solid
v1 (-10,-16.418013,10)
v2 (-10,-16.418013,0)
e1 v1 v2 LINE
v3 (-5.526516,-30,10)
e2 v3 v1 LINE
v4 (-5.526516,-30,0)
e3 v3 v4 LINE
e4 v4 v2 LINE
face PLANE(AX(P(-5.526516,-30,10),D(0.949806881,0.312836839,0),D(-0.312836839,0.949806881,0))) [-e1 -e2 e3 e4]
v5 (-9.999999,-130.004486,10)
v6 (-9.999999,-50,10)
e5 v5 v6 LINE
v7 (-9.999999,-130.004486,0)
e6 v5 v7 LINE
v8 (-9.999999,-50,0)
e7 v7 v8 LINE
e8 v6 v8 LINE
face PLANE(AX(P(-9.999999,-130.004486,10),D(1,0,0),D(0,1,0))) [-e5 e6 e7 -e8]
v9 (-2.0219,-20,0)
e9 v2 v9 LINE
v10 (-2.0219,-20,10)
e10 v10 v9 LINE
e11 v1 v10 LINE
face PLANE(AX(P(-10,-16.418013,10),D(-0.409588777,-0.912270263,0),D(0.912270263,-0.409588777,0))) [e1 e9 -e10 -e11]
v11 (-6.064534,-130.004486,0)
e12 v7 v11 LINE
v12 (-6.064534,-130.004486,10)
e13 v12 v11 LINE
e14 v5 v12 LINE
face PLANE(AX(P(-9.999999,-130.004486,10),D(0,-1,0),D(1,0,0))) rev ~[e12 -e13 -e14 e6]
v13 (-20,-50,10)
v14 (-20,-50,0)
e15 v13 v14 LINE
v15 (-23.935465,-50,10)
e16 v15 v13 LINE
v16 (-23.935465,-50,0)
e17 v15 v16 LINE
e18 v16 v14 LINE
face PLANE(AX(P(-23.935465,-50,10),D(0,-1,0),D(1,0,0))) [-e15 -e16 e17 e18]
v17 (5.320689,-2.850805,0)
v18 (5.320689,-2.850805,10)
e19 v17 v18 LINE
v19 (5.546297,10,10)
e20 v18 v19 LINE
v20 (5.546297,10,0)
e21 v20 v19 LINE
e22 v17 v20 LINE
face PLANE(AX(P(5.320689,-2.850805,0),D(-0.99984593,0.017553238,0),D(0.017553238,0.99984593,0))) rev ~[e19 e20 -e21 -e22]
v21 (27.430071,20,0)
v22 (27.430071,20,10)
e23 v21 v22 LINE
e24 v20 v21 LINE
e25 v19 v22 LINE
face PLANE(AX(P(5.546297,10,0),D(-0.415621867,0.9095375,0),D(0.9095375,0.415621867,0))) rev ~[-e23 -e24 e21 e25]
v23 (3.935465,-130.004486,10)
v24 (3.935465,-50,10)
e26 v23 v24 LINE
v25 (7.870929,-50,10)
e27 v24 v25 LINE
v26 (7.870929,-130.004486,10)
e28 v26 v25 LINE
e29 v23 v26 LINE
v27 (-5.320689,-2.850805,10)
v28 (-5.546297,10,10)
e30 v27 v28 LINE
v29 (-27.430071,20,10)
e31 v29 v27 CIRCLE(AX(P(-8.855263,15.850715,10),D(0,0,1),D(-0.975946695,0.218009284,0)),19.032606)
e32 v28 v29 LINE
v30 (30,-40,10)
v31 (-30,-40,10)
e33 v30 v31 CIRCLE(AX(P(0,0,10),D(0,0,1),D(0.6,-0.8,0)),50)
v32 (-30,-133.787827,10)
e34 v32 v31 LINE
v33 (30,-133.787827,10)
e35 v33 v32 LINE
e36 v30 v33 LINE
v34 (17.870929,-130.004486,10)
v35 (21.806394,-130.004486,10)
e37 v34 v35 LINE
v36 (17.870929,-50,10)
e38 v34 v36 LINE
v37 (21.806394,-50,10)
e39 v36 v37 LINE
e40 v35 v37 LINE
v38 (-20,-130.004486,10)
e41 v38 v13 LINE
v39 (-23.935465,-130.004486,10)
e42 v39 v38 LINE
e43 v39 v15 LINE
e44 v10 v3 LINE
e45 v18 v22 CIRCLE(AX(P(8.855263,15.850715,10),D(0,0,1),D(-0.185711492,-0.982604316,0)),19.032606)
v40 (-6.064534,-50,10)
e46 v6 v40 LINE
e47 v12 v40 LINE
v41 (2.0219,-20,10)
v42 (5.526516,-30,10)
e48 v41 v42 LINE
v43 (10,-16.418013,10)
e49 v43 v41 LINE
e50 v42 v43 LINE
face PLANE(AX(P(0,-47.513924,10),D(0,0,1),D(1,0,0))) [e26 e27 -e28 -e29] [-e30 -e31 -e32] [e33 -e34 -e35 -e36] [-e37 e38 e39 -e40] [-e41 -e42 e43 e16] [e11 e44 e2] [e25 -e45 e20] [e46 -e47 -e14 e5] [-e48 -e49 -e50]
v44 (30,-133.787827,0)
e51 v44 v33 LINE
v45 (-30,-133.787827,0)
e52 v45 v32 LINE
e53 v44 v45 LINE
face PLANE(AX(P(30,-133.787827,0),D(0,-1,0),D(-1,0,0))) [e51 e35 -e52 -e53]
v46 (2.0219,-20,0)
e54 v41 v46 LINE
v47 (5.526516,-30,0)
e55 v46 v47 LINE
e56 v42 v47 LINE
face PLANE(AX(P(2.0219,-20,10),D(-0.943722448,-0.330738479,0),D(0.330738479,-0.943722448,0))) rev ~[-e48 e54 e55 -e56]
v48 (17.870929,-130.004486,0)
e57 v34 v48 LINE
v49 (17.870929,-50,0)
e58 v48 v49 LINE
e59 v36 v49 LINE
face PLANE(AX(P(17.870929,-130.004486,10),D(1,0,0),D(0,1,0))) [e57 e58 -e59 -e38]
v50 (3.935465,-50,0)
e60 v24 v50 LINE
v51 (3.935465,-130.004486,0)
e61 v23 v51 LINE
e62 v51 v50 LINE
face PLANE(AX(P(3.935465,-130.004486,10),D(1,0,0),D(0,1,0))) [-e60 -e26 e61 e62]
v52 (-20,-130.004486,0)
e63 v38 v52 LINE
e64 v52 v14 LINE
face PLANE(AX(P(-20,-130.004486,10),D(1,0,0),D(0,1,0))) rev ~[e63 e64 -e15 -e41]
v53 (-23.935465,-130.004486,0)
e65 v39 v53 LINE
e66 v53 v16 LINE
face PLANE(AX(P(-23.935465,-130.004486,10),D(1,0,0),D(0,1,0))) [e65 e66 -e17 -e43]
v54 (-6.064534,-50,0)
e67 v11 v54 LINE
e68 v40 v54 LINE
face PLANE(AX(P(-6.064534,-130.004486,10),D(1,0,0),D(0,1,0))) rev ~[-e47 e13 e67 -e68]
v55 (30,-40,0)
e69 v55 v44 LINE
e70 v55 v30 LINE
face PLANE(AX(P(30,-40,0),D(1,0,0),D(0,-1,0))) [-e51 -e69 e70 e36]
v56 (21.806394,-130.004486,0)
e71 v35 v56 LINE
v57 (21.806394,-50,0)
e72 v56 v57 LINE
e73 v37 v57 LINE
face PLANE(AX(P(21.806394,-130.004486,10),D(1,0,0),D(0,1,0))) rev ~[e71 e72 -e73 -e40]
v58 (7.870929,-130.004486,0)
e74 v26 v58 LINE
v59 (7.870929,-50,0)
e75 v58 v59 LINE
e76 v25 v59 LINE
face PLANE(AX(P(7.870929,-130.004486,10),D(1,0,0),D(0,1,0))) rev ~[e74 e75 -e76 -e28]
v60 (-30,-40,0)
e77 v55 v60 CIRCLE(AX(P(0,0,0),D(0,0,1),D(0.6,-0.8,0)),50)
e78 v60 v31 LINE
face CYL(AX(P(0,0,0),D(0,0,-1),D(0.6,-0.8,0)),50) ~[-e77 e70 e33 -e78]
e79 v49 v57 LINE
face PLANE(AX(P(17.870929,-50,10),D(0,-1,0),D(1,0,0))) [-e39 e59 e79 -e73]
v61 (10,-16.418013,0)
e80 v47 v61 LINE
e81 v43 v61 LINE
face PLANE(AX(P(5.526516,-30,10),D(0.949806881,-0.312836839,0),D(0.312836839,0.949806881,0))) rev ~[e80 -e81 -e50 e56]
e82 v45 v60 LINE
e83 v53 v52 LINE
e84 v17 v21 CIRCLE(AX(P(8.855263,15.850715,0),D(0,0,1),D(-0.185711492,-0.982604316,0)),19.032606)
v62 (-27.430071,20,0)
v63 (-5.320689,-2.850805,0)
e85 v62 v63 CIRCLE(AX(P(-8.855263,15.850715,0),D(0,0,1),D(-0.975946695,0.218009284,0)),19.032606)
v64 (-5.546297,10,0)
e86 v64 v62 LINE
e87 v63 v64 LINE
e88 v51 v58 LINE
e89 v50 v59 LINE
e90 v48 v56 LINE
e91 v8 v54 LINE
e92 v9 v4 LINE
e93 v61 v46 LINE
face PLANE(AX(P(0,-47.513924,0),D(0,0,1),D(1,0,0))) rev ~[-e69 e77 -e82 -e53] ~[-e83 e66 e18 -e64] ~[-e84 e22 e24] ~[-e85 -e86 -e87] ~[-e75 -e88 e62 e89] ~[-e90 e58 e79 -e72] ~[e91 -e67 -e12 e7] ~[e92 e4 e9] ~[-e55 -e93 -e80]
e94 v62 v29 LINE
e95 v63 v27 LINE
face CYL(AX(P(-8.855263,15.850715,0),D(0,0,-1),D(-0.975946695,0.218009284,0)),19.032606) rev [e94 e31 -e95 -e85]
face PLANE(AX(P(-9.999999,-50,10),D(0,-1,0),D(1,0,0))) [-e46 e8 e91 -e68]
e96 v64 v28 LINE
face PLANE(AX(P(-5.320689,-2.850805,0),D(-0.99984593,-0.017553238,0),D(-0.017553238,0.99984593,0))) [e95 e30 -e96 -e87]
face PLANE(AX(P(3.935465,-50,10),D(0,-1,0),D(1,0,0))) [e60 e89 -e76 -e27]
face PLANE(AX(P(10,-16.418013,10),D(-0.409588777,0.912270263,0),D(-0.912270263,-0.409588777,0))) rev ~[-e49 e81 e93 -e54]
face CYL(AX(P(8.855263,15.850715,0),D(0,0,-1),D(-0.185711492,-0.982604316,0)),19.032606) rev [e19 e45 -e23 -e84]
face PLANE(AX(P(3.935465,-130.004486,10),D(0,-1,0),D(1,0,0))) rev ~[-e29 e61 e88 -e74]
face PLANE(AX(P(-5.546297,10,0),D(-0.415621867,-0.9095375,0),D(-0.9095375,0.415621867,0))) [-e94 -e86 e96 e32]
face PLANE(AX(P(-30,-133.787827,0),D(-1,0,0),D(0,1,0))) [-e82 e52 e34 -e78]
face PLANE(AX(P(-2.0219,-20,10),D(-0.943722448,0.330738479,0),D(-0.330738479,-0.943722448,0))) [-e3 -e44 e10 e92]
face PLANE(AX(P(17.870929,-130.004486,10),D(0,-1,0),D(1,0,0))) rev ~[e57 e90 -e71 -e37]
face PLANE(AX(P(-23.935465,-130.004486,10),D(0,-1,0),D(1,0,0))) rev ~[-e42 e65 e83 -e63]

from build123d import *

# Parameters (mm, degrees)
PAD_DEPTH       = 10
SKETCH001_W     = 3.935465
SKETCH001_H     = 80.004486
POCKET_DEPTH    = 10.001
POCKET001_DEPTH = 10.001


with BuildPart() as part:
    # Sketch → Pad (new body)
    with BuildSketch(Plane.XY):
        with BuildLine():
            ThreePointArc((30, -40), (0, 50), (-30, -40))
            Line((-30, -133.787827), (-30, -40))
            Line((30, -133.787827), (-30, -133.787827))
            Line((30, -40), (30, -133.787827))
        make_face()
        with BuildLine():
            Line((5.320689, -2.850805), (5.546297, 10))
            Line((5.546297, 10), (27.430071, 20))
            ThreePointArc((5.320689, -2.850805), (22.53342, 2.616363), (27.430071, 20))
        make_face(mode=Mode.SUBTRACT)
        with BuildLine():
            Line((-5.320689, -2.850805), (-5.546297, 10))
            Line((-5.546297, 10), (-27.430071, 20))
            ThreePointArc((-27.430071, 20), (-22.53342, 2.616363), (-5.320689, -2.850805))
        make_face(mode=Mode.SUBTRACT)
    extrude(amount=PAD_DEPTH)

    # Sketch001 → Pocket (cut, through all)
    with BuildSketch(Plane.XY.offset(10)):
        with Locations((-21.967733, -90.002243)):
            Rectangle(SKETCH001_W, SKETCH001_H)
        with Locations((-8.032267, -90.002243)):
            Rectangle(SKETCH001_W, SKETCH001_H)
        with Locations((5.903197, -90.002243)):
            Rectangle(SKETCH001_W, SKETCH001_H)
        with Locations((19.838662, -90.002243)):
            Rectangle(SKETCH001_W, SKETCH001_H)
    extrude(amount=-POCKET_DEPTH, mode=Mode.SUBTRACT)

    # Sketch002 → Pocket001 (cut, through all)
    with BuildSketch(Plane.XY.offset(10)):
        Polygon((-10, -16.418013), (-2.0219, -20), (-5.526516, -30), align=None)
        Polygon((10, -16.418013), (2.0219, -20), (5.526516, -30), align=None)
    extrude(amount=-POCKET001_DEPTH, mode=Mode.SUBTRACT)


solid = part.part
